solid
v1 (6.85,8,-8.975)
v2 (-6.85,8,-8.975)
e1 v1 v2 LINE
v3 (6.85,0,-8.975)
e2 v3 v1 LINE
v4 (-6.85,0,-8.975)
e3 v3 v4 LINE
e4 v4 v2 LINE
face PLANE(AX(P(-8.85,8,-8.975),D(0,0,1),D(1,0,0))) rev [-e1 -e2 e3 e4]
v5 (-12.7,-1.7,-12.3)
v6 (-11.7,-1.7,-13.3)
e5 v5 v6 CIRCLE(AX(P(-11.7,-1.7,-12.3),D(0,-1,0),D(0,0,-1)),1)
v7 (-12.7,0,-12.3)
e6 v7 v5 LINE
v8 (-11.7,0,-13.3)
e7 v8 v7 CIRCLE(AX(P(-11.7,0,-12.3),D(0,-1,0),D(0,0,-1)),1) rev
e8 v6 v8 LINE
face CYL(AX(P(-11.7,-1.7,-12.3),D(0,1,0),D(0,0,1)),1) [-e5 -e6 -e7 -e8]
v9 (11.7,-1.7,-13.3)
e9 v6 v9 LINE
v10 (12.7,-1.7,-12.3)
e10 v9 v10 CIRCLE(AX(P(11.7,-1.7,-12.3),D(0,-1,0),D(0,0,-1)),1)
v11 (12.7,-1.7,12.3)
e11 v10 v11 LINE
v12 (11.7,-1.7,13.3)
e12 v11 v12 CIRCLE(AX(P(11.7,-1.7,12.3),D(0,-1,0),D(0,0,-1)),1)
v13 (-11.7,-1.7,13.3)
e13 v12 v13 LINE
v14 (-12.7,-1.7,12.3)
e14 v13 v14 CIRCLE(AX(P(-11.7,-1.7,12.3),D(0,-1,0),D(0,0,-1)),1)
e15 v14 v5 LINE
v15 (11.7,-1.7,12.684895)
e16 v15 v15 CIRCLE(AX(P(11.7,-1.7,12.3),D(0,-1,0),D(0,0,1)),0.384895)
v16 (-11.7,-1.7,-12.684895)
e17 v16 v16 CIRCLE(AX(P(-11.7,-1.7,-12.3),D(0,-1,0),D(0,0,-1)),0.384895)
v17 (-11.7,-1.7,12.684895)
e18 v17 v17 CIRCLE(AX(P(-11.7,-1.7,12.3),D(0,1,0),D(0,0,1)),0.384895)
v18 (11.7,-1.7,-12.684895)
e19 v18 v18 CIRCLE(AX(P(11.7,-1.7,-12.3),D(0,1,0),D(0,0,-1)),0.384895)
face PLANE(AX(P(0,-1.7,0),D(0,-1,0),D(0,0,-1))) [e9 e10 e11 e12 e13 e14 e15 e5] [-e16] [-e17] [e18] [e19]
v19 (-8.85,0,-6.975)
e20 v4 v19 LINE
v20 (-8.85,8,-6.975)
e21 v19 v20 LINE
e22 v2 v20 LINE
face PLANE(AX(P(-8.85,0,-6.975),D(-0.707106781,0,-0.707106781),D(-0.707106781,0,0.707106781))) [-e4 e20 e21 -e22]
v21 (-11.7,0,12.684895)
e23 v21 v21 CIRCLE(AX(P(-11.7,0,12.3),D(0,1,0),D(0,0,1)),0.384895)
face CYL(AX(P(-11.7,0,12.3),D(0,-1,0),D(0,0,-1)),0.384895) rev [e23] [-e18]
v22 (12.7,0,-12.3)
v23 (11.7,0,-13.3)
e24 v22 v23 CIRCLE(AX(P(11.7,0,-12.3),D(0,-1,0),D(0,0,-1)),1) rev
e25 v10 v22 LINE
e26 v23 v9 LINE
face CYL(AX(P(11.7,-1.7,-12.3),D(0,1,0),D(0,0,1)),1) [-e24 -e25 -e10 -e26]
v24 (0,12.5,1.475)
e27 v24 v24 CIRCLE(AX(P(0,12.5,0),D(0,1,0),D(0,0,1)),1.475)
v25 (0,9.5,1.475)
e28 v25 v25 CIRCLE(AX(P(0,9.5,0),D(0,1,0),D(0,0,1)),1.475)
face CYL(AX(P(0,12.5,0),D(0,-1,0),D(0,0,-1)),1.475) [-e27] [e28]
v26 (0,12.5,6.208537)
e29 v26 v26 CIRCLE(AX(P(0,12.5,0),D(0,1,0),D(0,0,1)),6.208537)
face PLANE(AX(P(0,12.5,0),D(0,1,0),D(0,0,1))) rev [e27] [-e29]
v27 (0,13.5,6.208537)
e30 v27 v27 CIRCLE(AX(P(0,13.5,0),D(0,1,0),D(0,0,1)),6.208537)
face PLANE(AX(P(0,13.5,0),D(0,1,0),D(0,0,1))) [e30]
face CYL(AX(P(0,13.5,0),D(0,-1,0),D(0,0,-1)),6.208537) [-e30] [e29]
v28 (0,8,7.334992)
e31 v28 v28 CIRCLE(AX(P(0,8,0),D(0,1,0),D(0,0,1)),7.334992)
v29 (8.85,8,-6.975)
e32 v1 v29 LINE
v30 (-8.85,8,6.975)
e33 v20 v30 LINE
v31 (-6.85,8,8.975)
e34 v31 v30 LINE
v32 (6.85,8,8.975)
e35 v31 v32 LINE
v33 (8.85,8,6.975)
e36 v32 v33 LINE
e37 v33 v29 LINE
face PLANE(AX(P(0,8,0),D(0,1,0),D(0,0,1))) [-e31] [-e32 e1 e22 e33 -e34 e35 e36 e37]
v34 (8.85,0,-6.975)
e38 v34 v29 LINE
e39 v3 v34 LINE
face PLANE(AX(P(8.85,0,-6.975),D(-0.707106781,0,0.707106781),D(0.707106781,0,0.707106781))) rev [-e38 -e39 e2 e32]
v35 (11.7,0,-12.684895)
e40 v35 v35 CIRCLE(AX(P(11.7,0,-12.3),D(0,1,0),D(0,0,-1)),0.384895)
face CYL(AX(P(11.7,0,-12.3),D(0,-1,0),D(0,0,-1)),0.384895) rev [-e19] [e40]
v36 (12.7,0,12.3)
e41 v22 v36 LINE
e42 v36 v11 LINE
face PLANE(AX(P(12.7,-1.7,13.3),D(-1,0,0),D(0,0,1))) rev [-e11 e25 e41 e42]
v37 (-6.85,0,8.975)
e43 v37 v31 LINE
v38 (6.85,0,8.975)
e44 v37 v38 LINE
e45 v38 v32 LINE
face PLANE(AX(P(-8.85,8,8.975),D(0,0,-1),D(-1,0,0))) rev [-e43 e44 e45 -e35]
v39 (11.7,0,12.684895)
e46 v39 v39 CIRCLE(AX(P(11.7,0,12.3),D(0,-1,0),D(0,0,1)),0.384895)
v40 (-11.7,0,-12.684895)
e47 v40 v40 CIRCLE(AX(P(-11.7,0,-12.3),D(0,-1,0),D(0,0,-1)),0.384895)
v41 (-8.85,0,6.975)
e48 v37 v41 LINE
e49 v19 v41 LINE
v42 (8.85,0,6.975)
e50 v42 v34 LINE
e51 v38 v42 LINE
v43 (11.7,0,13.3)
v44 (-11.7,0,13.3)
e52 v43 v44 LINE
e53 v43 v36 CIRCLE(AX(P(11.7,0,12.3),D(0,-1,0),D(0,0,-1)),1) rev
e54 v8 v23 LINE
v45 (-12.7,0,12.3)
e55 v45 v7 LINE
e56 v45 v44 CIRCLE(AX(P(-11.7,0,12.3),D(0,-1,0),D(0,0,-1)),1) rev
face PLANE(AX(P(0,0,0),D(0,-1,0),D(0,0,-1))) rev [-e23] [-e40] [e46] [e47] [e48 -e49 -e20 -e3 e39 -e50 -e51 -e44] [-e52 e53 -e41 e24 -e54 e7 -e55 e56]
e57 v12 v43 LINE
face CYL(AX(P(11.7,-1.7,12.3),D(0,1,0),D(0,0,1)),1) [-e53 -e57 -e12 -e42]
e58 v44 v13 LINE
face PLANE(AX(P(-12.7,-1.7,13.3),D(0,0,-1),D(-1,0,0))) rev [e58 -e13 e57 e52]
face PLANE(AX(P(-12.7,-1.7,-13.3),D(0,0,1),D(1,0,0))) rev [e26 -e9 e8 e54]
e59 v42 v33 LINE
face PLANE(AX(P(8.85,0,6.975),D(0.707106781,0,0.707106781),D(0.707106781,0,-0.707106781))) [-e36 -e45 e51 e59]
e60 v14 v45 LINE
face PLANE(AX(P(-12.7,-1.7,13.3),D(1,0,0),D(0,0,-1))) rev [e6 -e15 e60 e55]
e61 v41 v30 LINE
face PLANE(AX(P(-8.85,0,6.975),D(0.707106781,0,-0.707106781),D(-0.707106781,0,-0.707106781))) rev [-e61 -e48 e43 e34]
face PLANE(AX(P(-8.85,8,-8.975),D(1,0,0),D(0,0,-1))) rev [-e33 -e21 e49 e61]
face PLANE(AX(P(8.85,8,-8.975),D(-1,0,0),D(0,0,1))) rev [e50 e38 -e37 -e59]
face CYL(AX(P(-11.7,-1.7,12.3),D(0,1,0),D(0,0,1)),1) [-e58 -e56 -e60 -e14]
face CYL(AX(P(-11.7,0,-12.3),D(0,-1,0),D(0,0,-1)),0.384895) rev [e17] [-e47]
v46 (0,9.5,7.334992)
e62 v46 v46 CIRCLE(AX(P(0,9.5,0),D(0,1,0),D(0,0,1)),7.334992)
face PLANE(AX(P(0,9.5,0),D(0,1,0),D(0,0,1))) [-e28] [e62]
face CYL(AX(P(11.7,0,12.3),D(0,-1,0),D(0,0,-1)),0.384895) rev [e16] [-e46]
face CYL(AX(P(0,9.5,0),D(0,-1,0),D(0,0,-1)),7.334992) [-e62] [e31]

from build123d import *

# Parameters (mm, degrees)
ESQUISSE1_W                                = 17.7
ESQUISSE1_H                                = 17.95
BOSS_EXTRU_1_DEPTH                         = 8
ENL_V_MAT_EXTRU_1_DEPTH                    = 8
SYM_TRIE1_AT_THE_SECOND_PLANE_COPY_1_DEPTH = 8
ESQUISSE4_R                                = 7.334991569
BOSS_EXTRU_2_DEPTH                         = 1.5
ESQUISSE5_R                                = 1.475
BOSS_EXTRU_3_DEPTH                         = 3
ESQUISSE6_R                                = 6.208536563
BOSS_EXTRU_4_DEPTH                         = 1
ESQUISSE7_W                                = 25.4
ESQUISSE7_H                                = 26.6
BOSS_EXTRU_5_DEPTH                         = 1.7
CONG_1_R                                   = 1
CONG_2_R                                   = 1
ESQUISSE8_R                                = 0.384895333
ENL_V_MAT_EXTRU_2_DEPTH                    = 1.7
SYM_TRIE5_AT_THE_SECOND_PLANE_COPY_1_SKE_R = 0.384895333
SYM_TRIE5_AT_THE_SECOND_PLANE_COPY_1_DEPTH = 1.7


with BuildPart() as part:
    # Esquisse1 → Boss.-Extru.1 (new body)
    with BuildSketch(Plane(origin=(0, 0, 0), x_dir=(1, 0, 0), z_dir=(0, 1, 0))):
        Rectangle(ESQUISSE1_W, ESQUISSE1_H)
    extrude(amount=BOSS_EXTRU_1_DEPTH)

    # Esquisse2 → Enlèv. mat.-Extru.1 (cut)
    with BuildSketch(Plane(origin=(0, 8, 0), x_dir=(1, 0, 0), z_dir=(0, 1, 0))):
        Polygon((-8.85, -6.975), (-6.85, -8.975), (-8.85, -8.975), align=None)
    enl_v_mat_extru_1 = extrude(amount=-ENL_V_MAT_EXTRU_1_DEPTH, mode=Mode.SUBTRACT)

    # Symétrie1: Enlèv. mat.-Extru.1 across plane
    add(enl_v_mat_extru_1.mirror(Plane.XY), mode=Mode.SUBTRACT)

    # Symétrie1 at the second plane: Enlèv. mat.-Extru.1 across plane
    add(enl_v_mat_extru_1.mirror(Plane(origin=(0, 0, 0), x_dir=(0, 0, 1), z_dir=(1, 0, 0))), mode=Mode.SUBTRACT)

    # Symétrie1 at the second plane copy 1 ske → Symétrie1 at the second plane copy 1 (cut)
    with BuildSketch(Plane(origin=(0, 8, 0), x_dir=(-1, 0, 0), z_dir=(0, 1, 0))):
        Polygon((-8.85, -6.975), (-6.85, -8.975), (-8.85, -8.975), align=None)
    extrude(amount=-SYM_TRIE1_AT_THE_SECOND_PLANE_COPY_1_DEPTH, mode=Mode.SUBTRACT)

    # Esquisse4 → Boss.-Extru.2 (add)
    with BuildSketch(Plane(origin=(0, 8, 0), x_dir=(1, 0, 0), z_dir=(0, 1, 0))):
        with Locations(Location((0, 0, 0), (0, 0, 270))):
            Circle(ESQUISSE4_R)
    extrude(amount=BOSS_EXTRU_2_DEPTH)

    # Esquisse5 → Boss.-Extru.3 (add)
    with BuildSketch(Plane(origin=(0, 9.5, 0), x_dir=(1, 0, 0), z_dir=(0, 1, 0))):
        with Locations(Location((0, 0, 0), (0, 0, 270))):
            Circle(ESQUISSE5_R)
    extrude(amount=BOSS_EXTRU_3_DEPTH)

    # Esquisse6 → Boss.-Extru.4 (add)
    with BuildSketch(Plane(origin=(0, 12.5, 0), x_dir=(1, 0, 0), z_dir=(0, 1, 0))):
        with Locations(Location((0, 0, 0), (0, 0, 270))):
            Circle(ESQUISSE6_R)
    extrude(amount=BOSS_EXTRU_4_DEPTH)

    # Esquisse7 → Boss.-Extru.5 (add)
    with BuildSketch(Plane.XZ):
        Rectangle(ESQUISSE7_W, ESQUISSE7_H)
    extrude(amount=BOSS_EXTRU_5_DEPTH)

    # Congé1
    cong_1_edges = [part.edges().sort_by_distance(p)[0] for p in [
        (12.7, -0.85, 13.3),
    ]]
    fillet(cong_1_edges, radius=CONG_1_R)

    # Congé2
    cong_2_edges = [part.edges().sort_by_distance(p)[0] for p in [
        (12.7, -0.85, -13.3),
        (-12.7, -0.85, 13.3),
        (-12.7, -0.85, -13.3),
    ]]
    fillet(cong_2_edges, radius=CONG_2_R)

    # Esquisse8 → Enlèv. mat.-Extru.2 (cut)
    with BuildSketch(Plane.XZ.offset(1.7)):
        with Locations(Location((-11.7, -12.3, 0), (0, 0, 270))):
            Circle(ESQUISSE8_R)
    enl_v_mat_extru_2 = extrude(amount=-ENL_V_MAT_EXTRU_2_DEPTH, mode=Mode.SUBTRACT)

    # Symétrie5: Enlèv. mat.-Extru.2 across plane
    add(enl_v_mat_extru_2.mirror(Plane.XY), mode=Mode.SUBTRACT)

    # Symétrie5 at the second plane: Enlèv. mat.-Extru.2 across plane
    add(enl_v_mat_extru_2.mirror(Plane(origin=(0, 0, 0), x_dir=(0, 0, 1), z_dir=(1, 0, 0))), mode=Mode.SUBTRACT)

    # Symétrie5 at the second plane copy 1 ske → Symétrie5 at the second plane copy 1 (cut)
    with BuildSketch(Plane(origin=(0, -1.7, 0), x_dir=(-1, 0, 0), z_dir=(0, -1, 0))):
        with Locations(Location((-11.7, -12.3, 0), (0, 0, 270))):
            Circle(SYM_TRIE5_AT_THE_SECOND_PLANE_COPY_1_SKE_R)
    extrude(amount=-SYM_TRIE5_AT_THE_SECOND_PLANE_COPY_1_DEPTH, mode=Mode.SUBTRACT)


solid = part.part
